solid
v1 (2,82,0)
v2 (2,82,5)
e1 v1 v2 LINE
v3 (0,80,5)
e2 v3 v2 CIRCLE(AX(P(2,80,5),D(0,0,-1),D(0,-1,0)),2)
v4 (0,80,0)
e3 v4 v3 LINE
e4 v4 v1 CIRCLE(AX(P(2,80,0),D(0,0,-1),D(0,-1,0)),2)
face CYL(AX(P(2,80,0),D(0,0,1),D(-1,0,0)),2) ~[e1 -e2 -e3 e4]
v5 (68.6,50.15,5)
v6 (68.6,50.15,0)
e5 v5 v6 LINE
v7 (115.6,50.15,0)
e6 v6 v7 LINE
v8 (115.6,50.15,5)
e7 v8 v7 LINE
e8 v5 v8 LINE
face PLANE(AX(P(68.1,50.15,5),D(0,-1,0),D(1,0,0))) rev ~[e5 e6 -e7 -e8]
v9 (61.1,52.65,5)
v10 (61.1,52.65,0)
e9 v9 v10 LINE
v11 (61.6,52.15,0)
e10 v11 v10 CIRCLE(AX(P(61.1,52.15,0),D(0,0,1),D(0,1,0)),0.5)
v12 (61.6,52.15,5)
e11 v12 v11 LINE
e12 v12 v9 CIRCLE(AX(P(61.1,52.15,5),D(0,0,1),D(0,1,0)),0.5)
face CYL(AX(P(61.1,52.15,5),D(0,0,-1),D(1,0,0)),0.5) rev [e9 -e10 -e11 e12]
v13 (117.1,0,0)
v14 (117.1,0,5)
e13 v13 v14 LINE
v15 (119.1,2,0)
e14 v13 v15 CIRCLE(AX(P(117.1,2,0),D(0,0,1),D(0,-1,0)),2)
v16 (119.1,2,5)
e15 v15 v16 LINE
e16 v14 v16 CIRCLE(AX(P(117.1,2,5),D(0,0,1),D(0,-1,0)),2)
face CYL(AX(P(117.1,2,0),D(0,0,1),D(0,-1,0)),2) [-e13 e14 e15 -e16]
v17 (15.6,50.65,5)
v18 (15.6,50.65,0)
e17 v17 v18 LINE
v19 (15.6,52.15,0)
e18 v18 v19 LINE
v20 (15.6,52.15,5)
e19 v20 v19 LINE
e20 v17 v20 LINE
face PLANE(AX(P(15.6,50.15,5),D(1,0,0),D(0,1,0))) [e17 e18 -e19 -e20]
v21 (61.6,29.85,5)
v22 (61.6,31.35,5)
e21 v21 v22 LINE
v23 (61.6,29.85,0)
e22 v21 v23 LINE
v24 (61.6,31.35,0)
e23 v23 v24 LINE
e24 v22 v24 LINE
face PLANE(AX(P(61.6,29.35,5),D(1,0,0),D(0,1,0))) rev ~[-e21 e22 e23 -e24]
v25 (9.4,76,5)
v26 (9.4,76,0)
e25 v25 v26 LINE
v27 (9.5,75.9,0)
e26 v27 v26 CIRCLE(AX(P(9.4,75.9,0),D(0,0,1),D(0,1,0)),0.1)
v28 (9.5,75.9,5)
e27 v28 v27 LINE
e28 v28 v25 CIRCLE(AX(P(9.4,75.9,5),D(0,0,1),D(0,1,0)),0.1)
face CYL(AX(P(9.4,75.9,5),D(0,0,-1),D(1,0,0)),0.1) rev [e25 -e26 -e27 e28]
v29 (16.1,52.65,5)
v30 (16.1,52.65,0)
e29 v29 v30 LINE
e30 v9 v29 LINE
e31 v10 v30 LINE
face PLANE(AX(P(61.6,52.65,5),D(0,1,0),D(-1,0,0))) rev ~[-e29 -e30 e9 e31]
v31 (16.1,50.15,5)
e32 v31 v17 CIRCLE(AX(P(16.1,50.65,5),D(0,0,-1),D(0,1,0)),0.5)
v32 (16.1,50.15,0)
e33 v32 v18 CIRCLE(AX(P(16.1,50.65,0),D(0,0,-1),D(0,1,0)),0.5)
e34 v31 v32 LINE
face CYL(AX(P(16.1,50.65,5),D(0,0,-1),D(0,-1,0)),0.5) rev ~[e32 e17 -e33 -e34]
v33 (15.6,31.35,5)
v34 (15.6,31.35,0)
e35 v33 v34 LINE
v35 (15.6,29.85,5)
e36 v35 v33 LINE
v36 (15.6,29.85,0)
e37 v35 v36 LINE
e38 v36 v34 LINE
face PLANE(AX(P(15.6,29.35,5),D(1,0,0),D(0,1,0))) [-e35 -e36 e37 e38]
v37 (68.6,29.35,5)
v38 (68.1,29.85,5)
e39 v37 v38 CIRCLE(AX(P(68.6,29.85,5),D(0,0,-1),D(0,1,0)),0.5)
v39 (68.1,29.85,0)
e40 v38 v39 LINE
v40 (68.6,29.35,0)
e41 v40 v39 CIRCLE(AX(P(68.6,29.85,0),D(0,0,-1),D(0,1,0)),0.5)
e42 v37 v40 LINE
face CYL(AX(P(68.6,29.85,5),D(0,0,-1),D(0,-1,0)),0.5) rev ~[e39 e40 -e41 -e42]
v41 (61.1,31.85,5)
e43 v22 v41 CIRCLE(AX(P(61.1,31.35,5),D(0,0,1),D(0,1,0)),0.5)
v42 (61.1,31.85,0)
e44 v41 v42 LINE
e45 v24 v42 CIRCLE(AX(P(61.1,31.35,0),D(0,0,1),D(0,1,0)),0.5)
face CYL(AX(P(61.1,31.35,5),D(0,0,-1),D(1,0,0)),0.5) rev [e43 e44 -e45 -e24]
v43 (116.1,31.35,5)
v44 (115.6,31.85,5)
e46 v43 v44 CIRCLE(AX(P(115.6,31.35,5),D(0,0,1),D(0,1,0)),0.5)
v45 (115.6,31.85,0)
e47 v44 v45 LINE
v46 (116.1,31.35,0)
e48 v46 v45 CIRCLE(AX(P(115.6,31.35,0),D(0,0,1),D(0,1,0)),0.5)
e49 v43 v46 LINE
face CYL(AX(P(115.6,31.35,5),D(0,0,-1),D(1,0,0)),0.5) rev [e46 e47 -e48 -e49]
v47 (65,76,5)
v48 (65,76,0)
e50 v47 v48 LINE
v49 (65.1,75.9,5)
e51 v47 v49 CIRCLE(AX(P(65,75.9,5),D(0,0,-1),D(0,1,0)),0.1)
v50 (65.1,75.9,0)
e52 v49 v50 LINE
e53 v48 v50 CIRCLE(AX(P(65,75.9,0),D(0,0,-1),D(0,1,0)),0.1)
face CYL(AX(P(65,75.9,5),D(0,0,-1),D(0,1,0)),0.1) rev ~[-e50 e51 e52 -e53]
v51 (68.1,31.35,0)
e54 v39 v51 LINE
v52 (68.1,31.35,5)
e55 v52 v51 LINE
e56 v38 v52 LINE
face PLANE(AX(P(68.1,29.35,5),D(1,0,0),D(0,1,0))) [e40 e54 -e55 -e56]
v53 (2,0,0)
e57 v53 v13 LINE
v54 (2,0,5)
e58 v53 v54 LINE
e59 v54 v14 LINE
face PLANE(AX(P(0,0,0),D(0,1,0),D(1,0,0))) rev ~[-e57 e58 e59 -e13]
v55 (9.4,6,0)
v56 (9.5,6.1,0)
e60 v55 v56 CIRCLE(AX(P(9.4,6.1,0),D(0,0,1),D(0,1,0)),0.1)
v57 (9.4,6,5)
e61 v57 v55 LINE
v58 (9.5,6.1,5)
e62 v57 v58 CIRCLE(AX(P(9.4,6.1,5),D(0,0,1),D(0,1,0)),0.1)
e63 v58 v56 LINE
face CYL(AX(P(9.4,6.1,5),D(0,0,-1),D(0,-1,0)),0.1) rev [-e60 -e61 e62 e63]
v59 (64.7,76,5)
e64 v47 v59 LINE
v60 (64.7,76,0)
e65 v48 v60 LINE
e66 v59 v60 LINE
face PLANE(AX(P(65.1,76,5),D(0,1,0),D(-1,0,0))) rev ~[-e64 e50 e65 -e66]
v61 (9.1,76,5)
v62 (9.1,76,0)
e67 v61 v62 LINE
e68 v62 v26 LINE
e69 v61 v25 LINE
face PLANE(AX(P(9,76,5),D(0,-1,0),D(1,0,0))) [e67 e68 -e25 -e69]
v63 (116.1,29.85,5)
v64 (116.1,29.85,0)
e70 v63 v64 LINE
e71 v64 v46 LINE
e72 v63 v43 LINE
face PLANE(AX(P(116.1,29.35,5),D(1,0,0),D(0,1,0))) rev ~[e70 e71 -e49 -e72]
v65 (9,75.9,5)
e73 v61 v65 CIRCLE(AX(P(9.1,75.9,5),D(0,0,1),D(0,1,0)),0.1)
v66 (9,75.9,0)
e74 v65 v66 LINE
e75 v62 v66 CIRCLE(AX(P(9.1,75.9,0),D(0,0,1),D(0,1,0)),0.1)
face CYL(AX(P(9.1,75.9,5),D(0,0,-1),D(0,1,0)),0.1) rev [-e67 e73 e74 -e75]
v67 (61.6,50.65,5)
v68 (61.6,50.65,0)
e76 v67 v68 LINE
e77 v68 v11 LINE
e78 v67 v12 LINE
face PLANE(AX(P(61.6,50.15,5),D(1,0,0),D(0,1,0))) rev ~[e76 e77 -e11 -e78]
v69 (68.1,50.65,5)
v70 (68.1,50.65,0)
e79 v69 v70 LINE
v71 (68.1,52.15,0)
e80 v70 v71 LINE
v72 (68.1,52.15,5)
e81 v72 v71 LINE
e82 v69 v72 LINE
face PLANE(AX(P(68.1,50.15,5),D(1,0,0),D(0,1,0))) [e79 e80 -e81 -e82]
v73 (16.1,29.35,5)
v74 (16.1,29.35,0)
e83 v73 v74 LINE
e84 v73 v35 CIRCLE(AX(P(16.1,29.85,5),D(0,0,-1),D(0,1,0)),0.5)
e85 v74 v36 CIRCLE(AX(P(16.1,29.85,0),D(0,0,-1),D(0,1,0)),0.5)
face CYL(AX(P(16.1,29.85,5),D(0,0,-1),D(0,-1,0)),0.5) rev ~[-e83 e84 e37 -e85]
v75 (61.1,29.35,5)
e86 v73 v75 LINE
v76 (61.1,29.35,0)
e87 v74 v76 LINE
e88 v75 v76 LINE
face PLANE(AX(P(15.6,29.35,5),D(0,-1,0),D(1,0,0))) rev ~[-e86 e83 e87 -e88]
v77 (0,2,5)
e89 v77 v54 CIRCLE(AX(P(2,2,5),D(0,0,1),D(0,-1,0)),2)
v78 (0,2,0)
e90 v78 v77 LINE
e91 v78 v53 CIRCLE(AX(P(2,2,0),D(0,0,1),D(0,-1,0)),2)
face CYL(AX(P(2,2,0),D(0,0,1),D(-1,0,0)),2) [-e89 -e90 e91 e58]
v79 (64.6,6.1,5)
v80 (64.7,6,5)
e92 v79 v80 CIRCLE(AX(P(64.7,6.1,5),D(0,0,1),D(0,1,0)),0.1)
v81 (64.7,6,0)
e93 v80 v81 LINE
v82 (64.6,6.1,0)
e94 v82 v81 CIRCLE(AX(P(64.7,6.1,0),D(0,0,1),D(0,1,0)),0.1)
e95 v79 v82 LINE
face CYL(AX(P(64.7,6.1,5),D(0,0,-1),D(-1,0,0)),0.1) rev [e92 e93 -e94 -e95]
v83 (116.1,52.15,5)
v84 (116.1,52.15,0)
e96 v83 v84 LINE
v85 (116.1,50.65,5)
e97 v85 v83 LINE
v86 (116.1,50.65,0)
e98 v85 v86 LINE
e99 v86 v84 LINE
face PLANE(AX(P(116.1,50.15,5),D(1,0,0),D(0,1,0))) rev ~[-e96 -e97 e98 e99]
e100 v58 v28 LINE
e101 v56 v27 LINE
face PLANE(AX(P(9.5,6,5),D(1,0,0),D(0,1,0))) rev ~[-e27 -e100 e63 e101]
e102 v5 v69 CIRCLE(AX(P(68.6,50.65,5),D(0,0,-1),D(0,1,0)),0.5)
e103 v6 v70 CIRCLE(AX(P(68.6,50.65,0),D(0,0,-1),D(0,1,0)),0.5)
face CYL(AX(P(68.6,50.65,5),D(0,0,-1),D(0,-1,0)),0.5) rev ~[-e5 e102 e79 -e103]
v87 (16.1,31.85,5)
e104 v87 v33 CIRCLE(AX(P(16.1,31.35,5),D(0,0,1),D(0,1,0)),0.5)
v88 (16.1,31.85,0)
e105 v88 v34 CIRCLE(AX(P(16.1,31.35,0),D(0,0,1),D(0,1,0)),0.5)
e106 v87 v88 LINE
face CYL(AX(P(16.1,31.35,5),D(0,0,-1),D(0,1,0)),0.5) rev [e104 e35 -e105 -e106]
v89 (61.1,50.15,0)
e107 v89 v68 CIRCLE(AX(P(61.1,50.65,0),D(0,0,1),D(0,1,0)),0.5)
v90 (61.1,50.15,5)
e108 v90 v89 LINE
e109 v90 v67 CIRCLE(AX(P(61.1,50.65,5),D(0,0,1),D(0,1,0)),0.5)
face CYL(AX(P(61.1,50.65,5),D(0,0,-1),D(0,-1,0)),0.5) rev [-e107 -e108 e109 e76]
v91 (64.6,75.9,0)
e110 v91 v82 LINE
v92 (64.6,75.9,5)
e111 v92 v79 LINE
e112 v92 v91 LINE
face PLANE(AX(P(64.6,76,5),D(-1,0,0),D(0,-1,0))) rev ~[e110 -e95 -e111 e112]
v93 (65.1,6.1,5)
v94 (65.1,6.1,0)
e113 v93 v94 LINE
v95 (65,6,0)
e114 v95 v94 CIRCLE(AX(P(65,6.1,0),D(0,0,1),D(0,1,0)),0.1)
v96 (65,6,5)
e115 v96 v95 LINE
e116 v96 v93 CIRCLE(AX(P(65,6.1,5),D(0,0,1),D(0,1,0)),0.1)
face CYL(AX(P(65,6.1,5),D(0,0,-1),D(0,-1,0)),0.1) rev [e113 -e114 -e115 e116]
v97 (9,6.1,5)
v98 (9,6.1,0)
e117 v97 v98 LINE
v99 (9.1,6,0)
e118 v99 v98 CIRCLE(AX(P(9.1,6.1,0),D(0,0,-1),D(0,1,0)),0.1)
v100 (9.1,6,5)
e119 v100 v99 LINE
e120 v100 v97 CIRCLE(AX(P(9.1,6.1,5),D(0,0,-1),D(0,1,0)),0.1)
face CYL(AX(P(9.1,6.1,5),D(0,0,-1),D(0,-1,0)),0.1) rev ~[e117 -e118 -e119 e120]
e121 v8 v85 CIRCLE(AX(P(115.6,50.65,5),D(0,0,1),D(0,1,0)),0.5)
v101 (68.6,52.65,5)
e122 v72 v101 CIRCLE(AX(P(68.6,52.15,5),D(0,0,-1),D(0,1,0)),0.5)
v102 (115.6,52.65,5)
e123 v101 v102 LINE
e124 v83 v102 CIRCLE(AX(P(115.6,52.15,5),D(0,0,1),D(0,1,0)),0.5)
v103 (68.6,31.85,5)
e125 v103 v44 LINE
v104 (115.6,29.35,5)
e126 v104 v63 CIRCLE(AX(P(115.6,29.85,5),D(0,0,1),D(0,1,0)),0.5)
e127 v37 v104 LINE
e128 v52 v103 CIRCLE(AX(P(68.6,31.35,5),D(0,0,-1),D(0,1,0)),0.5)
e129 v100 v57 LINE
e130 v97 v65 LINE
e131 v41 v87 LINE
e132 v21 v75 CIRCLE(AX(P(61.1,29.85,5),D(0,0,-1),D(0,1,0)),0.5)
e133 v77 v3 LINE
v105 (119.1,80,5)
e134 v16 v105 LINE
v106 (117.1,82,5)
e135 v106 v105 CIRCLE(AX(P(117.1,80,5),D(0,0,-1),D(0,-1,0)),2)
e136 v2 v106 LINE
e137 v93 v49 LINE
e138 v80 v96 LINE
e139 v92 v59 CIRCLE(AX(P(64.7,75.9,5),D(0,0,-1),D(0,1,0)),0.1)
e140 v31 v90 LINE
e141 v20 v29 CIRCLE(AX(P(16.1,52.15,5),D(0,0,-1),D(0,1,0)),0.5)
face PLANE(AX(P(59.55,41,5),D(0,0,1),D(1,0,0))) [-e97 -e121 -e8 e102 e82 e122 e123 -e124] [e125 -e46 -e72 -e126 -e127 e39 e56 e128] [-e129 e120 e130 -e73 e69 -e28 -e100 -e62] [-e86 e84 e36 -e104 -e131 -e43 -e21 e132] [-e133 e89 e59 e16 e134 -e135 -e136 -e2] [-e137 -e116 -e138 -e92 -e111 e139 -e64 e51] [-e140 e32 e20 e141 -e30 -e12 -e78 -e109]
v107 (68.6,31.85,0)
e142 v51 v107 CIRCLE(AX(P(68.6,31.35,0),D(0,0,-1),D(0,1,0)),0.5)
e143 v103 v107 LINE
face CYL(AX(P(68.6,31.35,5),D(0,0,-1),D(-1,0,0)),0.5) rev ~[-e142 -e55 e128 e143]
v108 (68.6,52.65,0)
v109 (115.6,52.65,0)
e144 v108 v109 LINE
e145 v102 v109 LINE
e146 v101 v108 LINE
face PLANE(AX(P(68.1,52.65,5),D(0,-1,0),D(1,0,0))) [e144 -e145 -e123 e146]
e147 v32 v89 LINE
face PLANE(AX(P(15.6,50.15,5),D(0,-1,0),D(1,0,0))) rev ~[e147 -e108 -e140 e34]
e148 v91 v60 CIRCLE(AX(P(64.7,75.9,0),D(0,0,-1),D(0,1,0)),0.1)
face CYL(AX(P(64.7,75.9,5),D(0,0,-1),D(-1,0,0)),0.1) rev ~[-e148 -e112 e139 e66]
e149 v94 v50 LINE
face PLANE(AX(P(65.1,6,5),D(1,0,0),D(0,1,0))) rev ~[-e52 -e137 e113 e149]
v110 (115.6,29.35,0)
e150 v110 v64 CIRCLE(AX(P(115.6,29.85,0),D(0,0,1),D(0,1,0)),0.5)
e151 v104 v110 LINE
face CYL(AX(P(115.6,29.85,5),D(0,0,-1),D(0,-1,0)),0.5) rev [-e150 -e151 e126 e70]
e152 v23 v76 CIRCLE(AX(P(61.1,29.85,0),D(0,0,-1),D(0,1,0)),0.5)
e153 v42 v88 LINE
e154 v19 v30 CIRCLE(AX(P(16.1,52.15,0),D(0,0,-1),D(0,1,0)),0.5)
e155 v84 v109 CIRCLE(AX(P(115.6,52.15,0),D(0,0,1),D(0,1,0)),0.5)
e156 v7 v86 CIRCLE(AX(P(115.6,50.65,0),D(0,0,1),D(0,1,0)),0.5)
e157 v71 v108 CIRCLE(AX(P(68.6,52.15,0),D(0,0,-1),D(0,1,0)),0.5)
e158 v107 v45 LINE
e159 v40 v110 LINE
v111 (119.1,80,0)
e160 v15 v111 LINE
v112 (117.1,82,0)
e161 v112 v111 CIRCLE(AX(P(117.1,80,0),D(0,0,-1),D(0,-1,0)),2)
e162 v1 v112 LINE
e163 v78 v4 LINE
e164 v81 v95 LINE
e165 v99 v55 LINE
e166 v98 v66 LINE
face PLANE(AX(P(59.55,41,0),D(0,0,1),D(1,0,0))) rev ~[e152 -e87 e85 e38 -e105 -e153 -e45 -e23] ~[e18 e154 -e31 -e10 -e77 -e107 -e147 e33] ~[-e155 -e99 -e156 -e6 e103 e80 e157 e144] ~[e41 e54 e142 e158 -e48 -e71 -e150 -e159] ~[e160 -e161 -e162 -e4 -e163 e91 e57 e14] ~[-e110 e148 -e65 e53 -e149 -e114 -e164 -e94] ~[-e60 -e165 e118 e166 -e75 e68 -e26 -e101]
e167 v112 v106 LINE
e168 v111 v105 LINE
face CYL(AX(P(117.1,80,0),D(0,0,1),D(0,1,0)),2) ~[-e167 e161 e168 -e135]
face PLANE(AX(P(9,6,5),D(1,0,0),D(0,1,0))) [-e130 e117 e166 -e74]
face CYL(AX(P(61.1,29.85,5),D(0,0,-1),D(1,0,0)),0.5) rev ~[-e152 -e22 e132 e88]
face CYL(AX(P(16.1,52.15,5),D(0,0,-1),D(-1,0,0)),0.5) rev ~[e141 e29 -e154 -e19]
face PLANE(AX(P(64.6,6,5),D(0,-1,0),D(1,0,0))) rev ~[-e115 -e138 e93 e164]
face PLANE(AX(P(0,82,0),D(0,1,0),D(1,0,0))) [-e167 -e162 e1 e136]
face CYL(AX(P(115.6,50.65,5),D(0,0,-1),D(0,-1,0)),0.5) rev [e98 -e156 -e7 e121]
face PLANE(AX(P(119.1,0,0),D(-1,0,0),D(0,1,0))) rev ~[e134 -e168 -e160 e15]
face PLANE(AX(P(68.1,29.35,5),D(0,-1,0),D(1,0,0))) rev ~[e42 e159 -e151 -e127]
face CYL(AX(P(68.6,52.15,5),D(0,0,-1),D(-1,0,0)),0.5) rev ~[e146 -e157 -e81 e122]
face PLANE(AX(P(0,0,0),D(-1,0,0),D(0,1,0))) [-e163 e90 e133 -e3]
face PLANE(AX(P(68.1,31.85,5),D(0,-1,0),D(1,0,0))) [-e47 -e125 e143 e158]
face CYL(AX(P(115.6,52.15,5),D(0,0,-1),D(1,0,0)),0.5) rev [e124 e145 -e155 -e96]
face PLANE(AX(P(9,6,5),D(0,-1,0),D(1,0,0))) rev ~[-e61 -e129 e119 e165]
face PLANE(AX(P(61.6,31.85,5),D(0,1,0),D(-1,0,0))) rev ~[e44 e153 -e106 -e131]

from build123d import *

# Parameters (mm, degrees)
F0_W     = 119.1
F0_H     = 82
F1_DEPTH = 5
F3_DEPTH = 63.1
F4_W     = 6.8
F4_H     = 2.5
F4_W_2   = 7
F4_W_3   = 6.5
F5_DEPTH = 53.3
F6_W     = 48
F6_H     = 2.5
F7_DEPTH = 27.8
F8_W     = 0.5
F8_H     = 70
F9_DEPTH = 25
F10_R    = 2
F11_R    = 0.5
F12_R    = 0.1


with BuildPart() as f1:
    # F0 (on Top) → F1 (new body)
    with BuildSketch(Plane.XY):
        with Locations((59.55, 41)):
            Rectangle(F0_W, F0_H)
    extrude(amount=F1_DEPTH)

    # F2 (on face) → F3 (cut)
    with BuildSketch(Plane.XY.offset(5)):
        Polygon((64.6, 76), (64.6, 25), (64.6, 6), (65.1, 6), (65.1, 76), align=None)
    extrude(amount=-F3_DEPTH, mode=Mode.SUBTRACT)

    # F4 (on face) → F5 (cut)
    with BuildSketch(Plane.XY.offset(5)):
        with Locations((32.3, 51.4)):
            Rectangle(F4_W, F4_H)
        Polygon((35.7, 50.15), (38.9217214942, 50.15), (41.1, 50.15), (41.1, 52.65), (35.7, 52.65), align=None)
        with Locations((44.6, 51.4)):
            Rectangle(F4_W_2, F4_H)
        with Locations((51.35, 51.4)):
            Rectangle(F4_W_3, F4_H)
        with Locations((19, 51.4)):
            Rectangle(F4_W, F4_H)
        with Locations((25.65, 51.4)):
            Rectangle(F4_W_3, F4_H)
        with Locations((58.1, 51.4)):
            Rectangle(F4_W_2, F4_H)
        with Locations((44.6, 30.6)):
            Rectangle(F4_W_2, F4_H)
        with Locations((32.3, 30.6)):
            Rectangle(F4_W, F4_H)
        with Locations((58.1, 30.6)):
            Rectangle(F4_W_2, F4_H)
        Polygon((41.1, 31.85), (38.9217214942, 31.85), (35.7, 31.85), (35.7, 29.35), (38, 29.35), (41.1, 29.35), align=None)
        with Locations((51.35, 30.6)):
            Rectangle(F4_W_3, F4_H)
        with Locations((25.65, 30.6)):
            Rectangle(F4_W_3, F4_H)
        with Locations((19, 30.6)):
            Rectangle(F4_W, F4_H)
    extrude(amount=-F5_DEPTH, mode=Mode.SUBTRACT)

    # F6 (on face) → F7 (cut)
    with BuildSketch(Plane.XY.offset(5)):
        with Locations((92.1, 51.4)):
            Rectangle(F6_W, F6_H)
        with Locations((92.1, 30.6)):
            Rectangle(F6_W, F6_H)
    extrude(amount=-F7_DEPTH, mode=Mode.SUBTRACT)

    # F8 (on face) → F9 (cut)
    with BuildSketch(Plane.XY.offset(5)):
        with Locations((9.25, 41)):
            Rectangle(F8_W, F8_H)
    extrude(amount=-F9_DEPTH, mode=Mode.SUBTRACT)

    # F10
    f10_edges = [f1.edges().sort_by_distance(p)[0] for p in [
        (119.1, 0, 2.5),
        (0, 0, 2.5),
        (119.1, 82, 2.5),
        (0, 82, 2.5),
    ]]
    fillet(f10_edges, radius=F10_R)

    # F11
    f11_edges = [f1.edges().sort_by_distance(p)[0] for p in [
        (15.6, 52.65, 2.5),
        (15.6, 50.15, 2.5),
        (61.6, 52.65, 2.5),
        (61.6, 50.15, 2.5),
        (68.1, 52.65, 2.5),
        (68.1, 50.15, 2.5),
        (116.1, 52.65, 2.5),
        (116.1, 50.15, 2.5),
        (116.1, 29.35, 2.5),
        (116.1, 31.85, 2.5),
        (68.1, 31.85, 2.5),
        (68.1, 29.35, 2.5),
        (15.6, 29.35, 2.5),
        (15.6, 31.85, 2.5),
        (61.6, 29.35, 2.5),
        (61.6, 31.85, 2.5),
    ]]
    fillet(f11_edges, radius=F11_R)

    # F12
    f12_edges = [f1.edges().sort_by_distance(p)[0] for p in [
        (64.6, 6, 2.5),
        (65.1, 6, 2.5),
        (64.6, 76, 2.5),
        (65.1, 76, 2.5),
        (9.5, 76, 2.5),
        (9, 76, 2.5),
        (9, 6, 2.5),
        (9.5, 6, 2.5),
    ]]
    fillet(f12_edges, radius=F12_R)


solid = f1.part
